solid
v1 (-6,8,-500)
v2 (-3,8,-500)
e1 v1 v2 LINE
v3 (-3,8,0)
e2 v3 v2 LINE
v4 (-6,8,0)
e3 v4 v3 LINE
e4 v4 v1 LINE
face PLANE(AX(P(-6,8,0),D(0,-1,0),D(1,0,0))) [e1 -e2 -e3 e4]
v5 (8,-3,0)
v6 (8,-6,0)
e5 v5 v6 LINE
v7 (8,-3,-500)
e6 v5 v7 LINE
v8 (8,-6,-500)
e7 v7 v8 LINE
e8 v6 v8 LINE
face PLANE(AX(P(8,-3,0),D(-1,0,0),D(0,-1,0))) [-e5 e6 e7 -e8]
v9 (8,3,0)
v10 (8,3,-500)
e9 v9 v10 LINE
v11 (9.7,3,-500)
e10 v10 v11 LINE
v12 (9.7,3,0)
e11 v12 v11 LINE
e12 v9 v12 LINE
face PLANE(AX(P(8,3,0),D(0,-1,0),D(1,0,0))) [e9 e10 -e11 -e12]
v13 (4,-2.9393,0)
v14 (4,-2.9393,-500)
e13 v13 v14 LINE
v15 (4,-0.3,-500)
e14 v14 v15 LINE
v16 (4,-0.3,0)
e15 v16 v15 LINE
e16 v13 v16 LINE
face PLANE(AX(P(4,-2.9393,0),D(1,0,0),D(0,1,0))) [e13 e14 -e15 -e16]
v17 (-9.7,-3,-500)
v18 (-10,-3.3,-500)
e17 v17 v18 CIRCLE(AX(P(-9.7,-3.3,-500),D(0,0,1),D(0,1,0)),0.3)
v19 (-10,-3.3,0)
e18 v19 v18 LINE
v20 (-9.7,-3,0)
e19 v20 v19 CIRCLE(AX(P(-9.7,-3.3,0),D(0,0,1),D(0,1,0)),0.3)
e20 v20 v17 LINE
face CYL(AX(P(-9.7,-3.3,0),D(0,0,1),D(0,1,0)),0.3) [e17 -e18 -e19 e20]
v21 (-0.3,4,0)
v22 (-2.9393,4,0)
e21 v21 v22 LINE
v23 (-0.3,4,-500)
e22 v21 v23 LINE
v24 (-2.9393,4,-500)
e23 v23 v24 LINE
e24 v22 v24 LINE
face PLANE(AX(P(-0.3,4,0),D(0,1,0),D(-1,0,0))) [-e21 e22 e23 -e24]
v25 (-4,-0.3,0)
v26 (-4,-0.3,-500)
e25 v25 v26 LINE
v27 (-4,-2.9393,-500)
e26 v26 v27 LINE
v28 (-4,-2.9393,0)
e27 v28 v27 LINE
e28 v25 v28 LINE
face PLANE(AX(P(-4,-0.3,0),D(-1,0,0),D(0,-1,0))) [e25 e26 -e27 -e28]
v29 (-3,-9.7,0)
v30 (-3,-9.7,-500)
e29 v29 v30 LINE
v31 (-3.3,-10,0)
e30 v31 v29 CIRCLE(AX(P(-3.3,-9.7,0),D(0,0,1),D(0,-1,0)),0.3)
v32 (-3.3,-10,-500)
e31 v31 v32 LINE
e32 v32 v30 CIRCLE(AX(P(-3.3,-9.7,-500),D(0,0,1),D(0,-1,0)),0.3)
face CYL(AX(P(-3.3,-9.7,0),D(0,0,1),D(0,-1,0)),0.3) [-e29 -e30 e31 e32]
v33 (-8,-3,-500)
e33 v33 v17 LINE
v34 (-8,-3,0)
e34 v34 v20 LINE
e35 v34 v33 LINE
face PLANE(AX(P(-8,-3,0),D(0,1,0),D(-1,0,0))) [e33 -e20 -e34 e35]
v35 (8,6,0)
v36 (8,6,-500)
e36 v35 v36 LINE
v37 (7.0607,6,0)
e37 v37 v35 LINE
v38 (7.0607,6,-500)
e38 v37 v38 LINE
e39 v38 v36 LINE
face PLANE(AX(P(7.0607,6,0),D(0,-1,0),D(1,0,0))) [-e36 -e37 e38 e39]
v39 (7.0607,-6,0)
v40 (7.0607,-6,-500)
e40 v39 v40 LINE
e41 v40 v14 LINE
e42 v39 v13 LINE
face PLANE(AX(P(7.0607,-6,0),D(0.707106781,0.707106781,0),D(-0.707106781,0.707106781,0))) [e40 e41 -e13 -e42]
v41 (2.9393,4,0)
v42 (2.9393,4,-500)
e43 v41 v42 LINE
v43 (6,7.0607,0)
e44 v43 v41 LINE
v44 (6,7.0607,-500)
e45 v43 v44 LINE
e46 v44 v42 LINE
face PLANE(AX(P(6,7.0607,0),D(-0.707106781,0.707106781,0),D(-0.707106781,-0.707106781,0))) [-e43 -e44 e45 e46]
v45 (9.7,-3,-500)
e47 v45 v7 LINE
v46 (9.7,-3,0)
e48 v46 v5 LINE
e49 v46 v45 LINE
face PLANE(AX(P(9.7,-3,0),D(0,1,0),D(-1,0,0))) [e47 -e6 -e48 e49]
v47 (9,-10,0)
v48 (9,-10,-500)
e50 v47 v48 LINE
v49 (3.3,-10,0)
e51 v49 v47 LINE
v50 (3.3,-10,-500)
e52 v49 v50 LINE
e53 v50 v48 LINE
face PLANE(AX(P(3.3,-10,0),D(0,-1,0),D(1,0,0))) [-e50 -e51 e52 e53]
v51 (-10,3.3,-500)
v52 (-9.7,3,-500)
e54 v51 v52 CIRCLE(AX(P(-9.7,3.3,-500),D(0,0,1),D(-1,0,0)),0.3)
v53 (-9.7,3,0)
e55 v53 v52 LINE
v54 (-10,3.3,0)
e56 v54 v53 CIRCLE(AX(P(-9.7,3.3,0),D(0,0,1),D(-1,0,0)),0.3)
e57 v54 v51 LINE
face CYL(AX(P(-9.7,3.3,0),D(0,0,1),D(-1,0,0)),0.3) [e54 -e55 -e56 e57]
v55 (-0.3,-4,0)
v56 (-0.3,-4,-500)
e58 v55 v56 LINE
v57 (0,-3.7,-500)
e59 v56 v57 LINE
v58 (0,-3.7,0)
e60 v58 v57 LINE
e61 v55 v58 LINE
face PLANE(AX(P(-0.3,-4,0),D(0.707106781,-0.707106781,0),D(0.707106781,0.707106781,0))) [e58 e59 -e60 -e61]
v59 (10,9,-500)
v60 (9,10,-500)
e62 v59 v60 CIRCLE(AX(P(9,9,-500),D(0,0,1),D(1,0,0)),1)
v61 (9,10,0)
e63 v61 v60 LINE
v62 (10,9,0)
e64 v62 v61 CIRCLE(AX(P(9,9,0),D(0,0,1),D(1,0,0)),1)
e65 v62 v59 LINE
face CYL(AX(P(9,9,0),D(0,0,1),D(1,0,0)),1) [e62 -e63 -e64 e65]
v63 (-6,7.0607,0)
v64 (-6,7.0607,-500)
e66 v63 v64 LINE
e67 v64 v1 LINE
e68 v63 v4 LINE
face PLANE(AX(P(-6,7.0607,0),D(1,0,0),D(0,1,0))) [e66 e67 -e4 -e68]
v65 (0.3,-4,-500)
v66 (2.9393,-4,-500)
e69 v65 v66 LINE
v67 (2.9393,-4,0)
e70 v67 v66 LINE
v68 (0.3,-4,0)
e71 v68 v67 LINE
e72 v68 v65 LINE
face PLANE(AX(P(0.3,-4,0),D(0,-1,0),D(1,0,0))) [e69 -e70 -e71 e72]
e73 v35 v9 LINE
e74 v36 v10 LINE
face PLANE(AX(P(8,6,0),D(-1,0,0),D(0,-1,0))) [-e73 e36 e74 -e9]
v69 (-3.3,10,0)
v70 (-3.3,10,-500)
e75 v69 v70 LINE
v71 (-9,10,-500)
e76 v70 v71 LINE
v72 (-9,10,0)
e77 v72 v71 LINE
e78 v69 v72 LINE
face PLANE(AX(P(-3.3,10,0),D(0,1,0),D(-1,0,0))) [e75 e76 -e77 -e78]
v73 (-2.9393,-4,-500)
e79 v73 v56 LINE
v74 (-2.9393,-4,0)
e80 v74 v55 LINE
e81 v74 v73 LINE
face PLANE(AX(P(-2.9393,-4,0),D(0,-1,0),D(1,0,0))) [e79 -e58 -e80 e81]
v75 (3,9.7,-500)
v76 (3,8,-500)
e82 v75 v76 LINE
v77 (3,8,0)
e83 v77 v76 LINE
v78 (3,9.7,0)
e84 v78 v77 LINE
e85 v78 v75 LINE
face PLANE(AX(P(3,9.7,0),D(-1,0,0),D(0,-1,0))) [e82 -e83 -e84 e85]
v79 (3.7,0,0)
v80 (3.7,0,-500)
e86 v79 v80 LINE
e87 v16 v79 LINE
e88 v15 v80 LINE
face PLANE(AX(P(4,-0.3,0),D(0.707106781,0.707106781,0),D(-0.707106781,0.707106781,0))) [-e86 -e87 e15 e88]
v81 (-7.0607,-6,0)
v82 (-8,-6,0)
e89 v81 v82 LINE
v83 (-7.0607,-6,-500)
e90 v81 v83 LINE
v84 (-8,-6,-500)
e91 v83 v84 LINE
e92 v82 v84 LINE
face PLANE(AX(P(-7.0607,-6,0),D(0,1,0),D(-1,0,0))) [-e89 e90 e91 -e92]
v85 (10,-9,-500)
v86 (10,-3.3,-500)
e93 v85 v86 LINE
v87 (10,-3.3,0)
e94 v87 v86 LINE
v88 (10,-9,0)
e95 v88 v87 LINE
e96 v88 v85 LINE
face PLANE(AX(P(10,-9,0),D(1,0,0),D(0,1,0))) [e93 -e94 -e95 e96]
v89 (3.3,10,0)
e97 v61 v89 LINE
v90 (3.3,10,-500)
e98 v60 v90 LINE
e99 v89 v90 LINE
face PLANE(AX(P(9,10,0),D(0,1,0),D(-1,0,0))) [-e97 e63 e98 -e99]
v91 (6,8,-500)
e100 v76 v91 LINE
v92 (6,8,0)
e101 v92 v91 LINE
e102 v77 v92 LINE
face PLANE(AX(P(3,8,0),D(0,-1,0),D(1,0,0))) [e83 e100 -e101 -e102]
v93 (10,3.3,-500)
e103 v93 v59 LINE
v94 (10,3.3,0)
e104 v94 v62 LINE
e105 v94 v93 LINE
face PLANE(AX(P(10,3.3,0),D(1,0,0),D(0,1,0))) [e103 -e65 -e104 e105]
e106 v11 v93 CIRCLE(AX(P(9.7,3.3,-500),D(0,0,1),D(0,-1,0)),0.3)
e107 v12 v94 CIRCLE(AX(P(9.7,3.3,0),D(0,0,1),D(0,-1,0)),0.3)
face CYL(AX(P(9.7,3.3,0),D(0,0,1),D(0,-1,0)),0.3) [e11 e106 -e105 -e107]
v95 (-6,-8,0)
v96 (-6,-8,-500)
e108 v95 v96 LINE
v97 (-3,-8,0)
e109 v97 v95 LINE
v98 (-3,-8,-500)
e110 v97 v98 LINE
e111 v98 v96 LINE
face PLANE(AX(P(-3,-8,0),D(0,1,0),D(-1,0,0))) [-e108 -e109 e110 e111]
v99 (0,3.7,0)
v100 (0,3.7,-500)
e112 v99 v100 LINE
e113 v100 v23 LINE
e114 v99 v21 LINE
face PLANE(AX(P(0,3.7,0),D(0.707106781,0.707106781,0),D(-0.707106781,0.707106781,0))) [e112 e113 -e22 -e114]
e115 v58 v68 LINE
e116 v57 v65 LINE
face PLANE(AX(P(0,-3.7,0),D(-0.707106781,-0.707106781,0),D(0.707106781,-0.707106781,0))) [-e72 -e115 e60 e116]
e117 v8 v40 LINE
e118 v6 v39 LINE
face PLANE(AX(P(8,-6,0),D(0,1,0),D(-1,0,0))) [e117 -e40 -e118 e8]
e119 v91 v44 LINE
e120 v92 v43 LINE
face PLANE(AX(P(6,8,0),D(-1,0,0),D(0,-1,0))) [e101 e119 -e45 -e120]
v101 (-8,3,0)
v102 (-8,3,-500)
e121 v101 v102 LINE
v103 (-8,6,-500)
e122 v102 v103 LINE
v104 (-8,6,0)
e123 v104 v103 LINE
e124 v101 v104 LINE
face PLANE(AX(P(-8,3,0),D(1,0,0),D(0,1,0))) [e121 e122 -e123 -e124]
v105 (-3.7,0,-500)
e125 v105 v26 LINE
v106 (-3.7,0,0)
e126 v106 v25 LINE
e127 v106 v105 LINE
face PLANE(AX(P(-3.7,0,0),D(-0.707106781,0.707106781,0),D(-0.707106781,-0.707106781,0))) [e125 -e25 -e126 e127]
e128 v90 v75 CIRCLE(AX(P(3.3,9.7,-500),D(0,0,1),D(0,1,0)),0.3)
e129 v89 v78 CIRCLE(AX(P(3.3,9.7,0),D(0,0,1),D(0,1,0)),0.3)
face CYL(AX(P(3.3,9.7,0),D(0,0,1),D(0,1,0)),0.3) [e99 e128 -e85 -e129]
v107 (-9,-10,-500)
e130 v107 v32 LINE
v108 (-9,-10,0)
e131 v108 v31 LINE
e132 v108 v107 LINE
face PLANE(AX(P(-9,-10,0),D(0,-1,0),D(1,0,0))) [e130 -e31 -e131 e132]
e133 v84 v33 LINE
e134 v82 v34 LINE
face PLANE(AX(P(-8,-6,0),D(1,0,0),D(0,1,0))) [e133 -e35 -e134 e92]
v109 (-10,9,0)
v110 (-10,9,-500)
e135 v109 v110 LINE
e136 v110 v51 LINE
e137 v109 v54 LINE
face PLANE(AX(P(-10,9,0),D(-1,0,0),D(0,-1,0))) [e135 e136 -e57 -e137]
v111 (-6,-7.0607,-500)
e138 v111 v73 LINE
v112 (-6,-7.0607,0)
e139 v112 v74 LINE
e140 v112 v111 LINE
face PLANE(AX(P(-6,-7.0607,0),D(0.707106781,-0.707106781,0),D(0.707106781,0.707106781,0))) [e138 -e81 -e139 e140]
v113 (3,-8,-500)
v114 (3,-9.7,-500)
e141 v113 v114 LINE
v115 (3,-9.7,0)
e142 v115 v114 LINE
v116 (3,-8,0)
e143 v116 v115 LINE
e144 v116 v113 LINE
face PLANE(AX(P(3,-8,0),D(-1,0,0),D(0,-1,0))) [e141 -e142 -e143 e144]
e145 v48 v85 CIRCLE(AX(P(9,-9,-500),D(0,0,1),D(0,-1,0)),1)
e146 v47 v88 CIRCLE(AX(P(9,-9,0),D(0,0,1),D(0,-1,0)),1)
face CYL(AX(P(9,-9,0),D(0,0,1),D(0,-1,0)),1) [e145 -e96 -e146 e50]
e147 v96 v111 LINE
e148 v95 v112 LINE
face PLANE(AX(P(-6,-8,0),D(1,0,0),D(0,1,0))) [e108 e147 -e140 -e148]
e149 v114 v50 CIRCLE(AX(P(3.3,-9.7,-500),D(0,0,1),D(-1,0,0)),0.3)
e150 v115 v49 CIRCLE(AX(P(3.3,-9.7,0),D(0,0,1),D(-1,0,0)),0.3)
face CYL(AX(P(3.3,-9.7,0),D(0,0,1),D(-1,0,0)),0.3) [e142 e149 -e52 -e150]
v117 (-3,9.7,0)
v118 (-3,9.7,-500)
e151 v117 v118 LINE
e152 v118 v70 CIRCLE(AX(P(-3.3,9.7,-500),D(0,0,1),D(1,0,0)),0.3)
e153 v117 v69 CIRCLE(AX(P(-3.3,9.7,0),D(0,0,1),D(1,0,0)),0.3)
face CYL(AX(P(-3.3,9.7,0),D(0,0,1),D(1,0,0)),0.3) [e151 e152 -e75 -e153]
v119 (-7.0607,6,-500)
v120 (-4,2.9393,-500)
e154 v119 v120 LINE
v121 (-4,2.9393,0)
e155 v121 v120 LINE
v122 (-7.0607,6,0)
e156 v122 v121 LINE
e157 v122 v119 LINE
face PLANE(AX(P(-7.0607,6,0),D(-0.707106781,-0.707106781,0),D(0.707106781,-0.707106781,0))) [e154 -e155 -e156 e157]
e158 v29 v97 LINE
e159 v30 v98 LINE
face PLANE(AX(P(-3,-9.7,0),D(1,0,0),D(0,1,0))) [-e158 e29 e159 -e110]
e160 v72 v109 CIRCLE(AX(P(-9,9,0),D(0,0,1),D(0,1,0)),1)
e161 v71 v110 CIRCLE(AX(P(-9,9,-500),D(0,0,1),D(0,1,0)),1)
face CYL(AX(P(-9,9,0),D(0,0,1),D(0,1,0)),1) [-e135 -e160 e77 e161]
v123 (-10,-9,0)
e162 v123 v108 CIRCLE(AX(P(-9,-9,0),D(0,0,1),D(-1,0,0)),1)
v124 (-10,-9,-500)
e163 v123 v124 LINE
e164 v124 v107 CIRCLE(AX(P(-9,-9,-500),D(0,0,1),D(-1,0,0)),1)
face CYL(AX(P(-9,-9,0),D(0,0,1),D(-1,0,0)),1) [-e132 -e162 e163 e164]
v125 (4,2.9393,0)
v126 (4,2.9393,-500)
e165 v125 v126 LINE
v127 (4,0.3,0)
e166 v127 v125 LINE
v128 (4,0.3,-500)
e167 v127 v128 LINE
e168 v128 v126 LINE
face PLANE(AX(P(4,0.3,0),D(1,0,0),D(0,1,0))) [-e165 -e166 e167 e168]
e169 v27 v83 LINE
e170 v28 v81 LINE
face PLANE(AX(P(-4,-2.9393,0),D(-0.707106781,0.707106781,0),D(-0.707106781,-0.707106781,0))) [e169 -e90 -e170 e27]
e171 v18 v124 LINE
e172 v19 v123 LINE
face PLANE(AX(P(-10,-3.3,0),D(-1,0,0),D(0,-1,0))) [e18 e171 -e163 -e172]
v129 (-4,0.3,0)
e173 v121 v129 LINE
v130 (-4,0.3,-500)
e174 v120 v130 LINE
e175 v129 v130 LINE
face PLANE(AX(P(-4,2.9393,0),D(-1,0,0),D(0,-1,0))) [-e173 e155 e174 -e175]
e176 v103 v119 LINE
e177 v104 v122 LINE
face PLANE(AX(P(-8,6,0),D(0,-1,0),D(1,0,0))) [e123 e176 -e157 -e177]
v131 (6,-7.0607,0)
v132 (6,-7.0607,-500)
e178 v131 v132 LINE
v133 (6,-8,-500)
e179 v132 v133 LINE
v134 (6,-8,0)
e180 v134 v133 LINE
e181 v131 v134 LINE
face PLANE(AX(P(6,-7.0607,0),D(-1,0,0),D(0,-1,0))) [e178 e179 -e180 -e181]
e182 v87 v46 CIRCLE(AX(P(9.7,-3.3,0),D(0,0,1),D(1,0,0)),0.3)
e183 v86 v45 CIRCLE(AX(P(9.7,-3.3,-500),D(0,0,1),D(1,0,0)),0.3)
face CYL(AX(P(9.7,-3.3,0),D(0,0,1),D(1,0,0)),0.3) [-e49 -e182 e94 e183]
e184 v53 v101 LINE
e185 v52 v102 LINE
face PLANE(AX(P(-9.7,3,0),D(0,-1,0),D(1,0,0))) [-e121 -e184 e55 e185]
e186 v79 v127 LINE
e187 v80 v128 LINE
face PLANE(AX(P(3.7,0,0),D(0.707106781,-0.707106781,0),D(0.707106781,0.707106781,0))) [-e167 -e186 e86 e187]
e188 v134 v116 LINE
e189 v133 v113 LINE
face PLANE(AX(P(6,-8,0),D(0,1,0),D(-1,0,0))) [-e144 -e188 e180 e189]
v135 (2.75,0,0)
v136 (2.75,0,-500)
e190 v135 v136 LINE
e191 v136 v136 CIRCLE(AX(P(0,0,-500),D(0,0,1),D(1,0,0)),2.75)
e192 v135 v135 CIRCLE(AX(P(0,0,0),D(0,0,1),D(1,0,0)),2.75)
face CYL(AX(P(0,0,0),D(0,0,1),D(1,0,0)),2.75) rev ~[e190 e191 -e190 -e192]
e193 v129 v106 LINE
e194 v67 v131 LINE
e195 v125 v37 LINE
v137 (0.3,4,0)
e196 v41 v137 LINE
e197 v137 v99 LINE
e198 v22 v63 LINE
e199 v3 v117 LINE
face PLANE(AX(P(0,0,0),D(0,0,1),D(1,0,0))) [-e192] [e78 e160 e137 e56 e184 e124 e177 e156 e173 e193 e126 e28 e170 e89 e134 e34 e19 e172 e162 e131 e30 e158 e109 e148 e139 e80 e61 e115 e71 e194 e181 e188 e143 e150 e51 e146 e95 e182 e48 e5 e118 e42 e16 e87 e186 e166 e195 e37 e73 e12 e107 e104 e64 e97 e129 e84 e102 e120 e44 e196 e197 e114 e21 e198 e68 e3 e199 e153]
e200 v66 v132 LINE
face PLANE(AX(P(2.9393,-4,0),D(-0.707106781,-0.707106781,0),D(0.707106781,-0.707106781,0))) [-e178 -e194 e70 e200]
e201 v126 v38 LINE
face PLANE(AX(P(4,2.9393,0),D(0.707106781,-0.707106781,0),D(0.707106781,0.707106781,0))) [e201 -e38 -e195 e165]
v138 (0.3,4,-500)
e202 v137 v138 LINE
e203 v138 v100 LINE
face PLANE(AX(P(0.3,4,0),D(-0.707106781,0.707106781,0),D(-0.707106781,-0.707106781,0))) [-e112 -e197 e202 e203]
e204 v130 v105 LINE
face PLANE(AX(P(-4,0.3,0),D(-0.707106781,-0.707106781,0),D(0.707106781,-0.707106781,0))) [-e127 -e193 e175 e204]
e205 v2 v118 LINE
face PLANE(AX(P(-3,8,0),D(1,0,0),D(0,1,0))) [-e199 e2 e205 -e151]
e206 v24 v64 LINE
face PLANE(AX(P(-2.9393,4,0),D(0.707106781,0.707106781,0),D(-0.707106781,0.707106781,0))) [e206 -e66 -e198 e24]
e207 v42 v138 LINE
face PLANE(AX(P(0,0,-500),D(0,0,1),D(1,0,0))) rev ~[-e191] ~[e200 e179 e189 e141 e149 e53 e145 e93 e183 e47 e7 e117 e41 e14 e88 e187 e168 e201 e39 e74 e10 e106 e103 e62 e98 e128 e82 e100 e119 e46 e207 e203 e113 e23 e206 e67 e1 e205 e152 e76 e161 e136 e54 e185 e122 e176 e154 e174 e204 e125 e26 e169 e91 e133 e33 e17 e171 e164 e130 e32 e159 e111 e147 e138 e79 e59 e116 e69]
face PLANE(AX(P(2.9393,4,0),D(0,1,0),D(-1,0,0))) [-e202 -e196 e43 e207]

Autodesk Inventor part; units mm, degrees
ref_plane "YZ Plane" through (0, 0, 0) normal (1, 0, 0) x (0, 1, 0)
ref_plane "XZ Plane" through (0, 0, 0) normal (0, 1, 0) x (-1, 0, 0)
ref_plane "XY Plane" through (0, 0, 0) normal (0, 0, 1) x (1, 0, 0)
sketch "Sketch_5" plane through (0, 0, 0) normal (0, 0, 1) x (1, 0, 0)
  line L0 (-10, 9) -> (-10, 3.3)
  arc A0 (-10, 3.3) -> (-9.7, 3) centre (-9.7, 3.3) ccw
  line L1 (-9.7, 3) -> (-8, 3)
  line L2 (-8, 3) -> (-8, 6)
  line L3 (-8, 6) -> (-7.0607, 6)
  line L4 (-7.0607, 6) -> (-4, 2.9393)
  line L5 (-4, 2.9393) -> (-4, 0.3)
  line L6 (-4, 0.3) -> (-3.7, 0)
  line L7 (-3.7, 0) -> (-4, -0.3)
  line L8 (-4, -0.3) -> (-4, -2.9393)
  line L9 (-4, -2.9393) -> (-7.0607, -6)
  line L10 (-7.0607, -6) -> (-8, -6)
  line L11 (-8, -6) -> (-8, -3)
  line L12 (-8, -3) -> (-9.7, -3)
  arc A1 (-9.7, -3) -> (-10, -3.3) centre (-9.7, -3.3) ccw
  line L13 (-10, -3.3) -> (-10, -9)
  arc A2 (-10, -9) -> (-9, -10) centre (-9, -9) ccw
  line L14 (-9, -10) -> (-3.3, -10)
  arc A3 (-3.3, -10) -> (-3, -9.7) centre (-3.3, -9.7) ccw
  line L15 (-3, -9.7) -> (-3, -8)
  line L16 (-3, -8) -> (-6, -8)
  line L17 (-6, -8) -> (-6, -7.0607)
  line L18 (-6, -7.0607) -> (-2.9393, -4)
  line L19 (-2.9393, -4) -> (-0.3, -4)
  line L20 (-0.3, -4) -> (0, -3.7)
  line L21 (0, -3.7) -> (0.3, -4)
  line L22 (0.3, -4) -> (2.9393, -4)
  line L23 (2.9393, -4) -> (6, -7.0607)
  line L24 (6, -7.0607) -> (6, -8)
  line L25 (6, -8) -> (3, -8)
  line L26 (3, -8) -> (3, -9.7)
  arc A4 (3, -9.7) -> (3.3, -10) centre (3.3, -9.7) ccw
  line L27 (3.3, -10) -> (9, -10)
  arc A5 (9, -10) -> (10, -9) centre (9, -9) ccw
  line L28 (10, -9) -> (10, -3.3)
  arc A6 (10, -3.3) -> (9.7, -3) centre (9.7, -3.3) ccw
  line L29 (9.7, -3) -> (8, -3)
  line L30 (8, -3) -> (8, -6)
  line L31 (8, -6) -> (7.0607, -6)
  line L32 (7.0607, -6) -> (4, -2.9393)
  line L33 (4, -2.9393) -> (4, -0.3)
  line L34 (4, -0.3) -> (3.7, 0)
  line L35 (3.7, 0) -> (4, 0.3)
  line L36 (4, 0.3) -> (4, 2.9393)
  line L37 (4, 2.9393) -> (7.0607, 6)
  line L38 (7.0607, 6) -> (8, 6)
  line L39 (8, 6) -> (8, 3)
  line L40 (8, 3) -> (9.7, 3)
  arc A7 (9.7, 3) -> (10, 3.3) centre (9.7, 3.3) ccw
  line L41 (10, 3.3) -> (10, 9)
  arc A8 (10, 9) -> (9, 10) centre (9, 9) ccw
  line L42 (9, 10) -> (3.3, 10)
  arc A9 (3.3, 10) -> (3, 9.7) centre (3.3, 9.7) ccw
  line L43 (3, 9.7) -> (3, 8)
  line L44 (3, 8) -> (6, 8)
  line L45 (6, 8) -> (6, 7.0607)
  line L46 (6, 7.0607) -> (2.9393, 4)
  line L47 (2.9393, 4) -> (0.3, 4)
  line L48 (0.3, 4) -> (0, 3.7)
  line L49 (0, 3.7) -> (-0.3, 4)
  line L50 (-0.3, 4) -> (-2.9393, 4)
  line L51 (-2.9393, 4) -> (-6, 7.0607)
  line L52 (-6, 7.0607) -> (-6, 8)
  line L53 (-6, 8) -> (-3, 8)
  line L54 (-3, 8) -> (-3, 9.7)
  arc A10 (-3, 9.7) -> (-3.3, 10) centre (-3.3, 9.7) ccw
  line L55 (-3.3, 10) -> (-9, 10)
  arc A11 (-9, 10) -> (-10, 9) centre (-9, 9) ccw
  circle A12 centre (0, 0) radius 2.75
  dimension "d2" = 5.5
  dimension "d3" = 10
  dimension "d4" = 10
  dimension "d5" = 5.7
  dimension "d6" = 5.7
  dimension "d7" = 1.7
  dimension "d8" = 3
  dimension "d9" = 0.3
  dimension "d10" = 90
  dimension "d11" = 45
  dimension "d12" = 45
  dimension "d13" = 45
  dimension "d14" = 90
  dimension "d15" = 90
  dimension "d16" = 45
  dimension "d17" = 45
  dimension "d18" = 45
  dimension "d19" = 45
  dimension "d20" = 90
  dimension "d21" = 90
  dimension "d22" = 45
  dimension "d23" = 45
  dimension "d24" = 90
  dimension "d25" = 90
  dimension "d26" = 90
  dimension "d27" = 90
  dimension "d28" = 90
  dimension "d29" = 90
  dimension "d30" = 90
  dimension "d31" = 90
  dimension "d32" = 90
  dimension "d33" = 90
  dimension "d34" = 90
  dimension "d35" = 90
  dimension "d36" = 90
  dimension "d37" = 90
  dimension "d38" = 90
  dimension "d39" = 4
  dimension "d40" = 6
  dimension "d41" = 13
  dimension "d42" = 14
  dimension "d43" = 16
  dimension "d44" = 18
  dimension "d45" = 3
  dimension "d46" = 9
  dimension "d47" = 7
  dimension "d48" = 1
  dimension "d49" = 7
  dimension "d50" = 1.5
  dimension "d51" = 1.8663
  dimension "d52" = 3.3663
  dimension "d53" = 1.5
  dimension "d54" = 1.8663
  dimension "d55" = 3.3663
  dimension "d56" = 4
  dimension "d57" = 10.8187
  dimension "d58" = 1.9092
  dimension "d59" = 5
  dimension "d60" = 13
  dimension "d61" = 13
  dimension "d62" = 16.0513
  dimension "d63" = 3.3234
  dimension "d64" = 14
  dimension "d65" = 12.685
extrude "Extrusion1" add sketch "Sketch_5" against normal blind 500
properties part number "Perfil_Aluminio_20x20"
